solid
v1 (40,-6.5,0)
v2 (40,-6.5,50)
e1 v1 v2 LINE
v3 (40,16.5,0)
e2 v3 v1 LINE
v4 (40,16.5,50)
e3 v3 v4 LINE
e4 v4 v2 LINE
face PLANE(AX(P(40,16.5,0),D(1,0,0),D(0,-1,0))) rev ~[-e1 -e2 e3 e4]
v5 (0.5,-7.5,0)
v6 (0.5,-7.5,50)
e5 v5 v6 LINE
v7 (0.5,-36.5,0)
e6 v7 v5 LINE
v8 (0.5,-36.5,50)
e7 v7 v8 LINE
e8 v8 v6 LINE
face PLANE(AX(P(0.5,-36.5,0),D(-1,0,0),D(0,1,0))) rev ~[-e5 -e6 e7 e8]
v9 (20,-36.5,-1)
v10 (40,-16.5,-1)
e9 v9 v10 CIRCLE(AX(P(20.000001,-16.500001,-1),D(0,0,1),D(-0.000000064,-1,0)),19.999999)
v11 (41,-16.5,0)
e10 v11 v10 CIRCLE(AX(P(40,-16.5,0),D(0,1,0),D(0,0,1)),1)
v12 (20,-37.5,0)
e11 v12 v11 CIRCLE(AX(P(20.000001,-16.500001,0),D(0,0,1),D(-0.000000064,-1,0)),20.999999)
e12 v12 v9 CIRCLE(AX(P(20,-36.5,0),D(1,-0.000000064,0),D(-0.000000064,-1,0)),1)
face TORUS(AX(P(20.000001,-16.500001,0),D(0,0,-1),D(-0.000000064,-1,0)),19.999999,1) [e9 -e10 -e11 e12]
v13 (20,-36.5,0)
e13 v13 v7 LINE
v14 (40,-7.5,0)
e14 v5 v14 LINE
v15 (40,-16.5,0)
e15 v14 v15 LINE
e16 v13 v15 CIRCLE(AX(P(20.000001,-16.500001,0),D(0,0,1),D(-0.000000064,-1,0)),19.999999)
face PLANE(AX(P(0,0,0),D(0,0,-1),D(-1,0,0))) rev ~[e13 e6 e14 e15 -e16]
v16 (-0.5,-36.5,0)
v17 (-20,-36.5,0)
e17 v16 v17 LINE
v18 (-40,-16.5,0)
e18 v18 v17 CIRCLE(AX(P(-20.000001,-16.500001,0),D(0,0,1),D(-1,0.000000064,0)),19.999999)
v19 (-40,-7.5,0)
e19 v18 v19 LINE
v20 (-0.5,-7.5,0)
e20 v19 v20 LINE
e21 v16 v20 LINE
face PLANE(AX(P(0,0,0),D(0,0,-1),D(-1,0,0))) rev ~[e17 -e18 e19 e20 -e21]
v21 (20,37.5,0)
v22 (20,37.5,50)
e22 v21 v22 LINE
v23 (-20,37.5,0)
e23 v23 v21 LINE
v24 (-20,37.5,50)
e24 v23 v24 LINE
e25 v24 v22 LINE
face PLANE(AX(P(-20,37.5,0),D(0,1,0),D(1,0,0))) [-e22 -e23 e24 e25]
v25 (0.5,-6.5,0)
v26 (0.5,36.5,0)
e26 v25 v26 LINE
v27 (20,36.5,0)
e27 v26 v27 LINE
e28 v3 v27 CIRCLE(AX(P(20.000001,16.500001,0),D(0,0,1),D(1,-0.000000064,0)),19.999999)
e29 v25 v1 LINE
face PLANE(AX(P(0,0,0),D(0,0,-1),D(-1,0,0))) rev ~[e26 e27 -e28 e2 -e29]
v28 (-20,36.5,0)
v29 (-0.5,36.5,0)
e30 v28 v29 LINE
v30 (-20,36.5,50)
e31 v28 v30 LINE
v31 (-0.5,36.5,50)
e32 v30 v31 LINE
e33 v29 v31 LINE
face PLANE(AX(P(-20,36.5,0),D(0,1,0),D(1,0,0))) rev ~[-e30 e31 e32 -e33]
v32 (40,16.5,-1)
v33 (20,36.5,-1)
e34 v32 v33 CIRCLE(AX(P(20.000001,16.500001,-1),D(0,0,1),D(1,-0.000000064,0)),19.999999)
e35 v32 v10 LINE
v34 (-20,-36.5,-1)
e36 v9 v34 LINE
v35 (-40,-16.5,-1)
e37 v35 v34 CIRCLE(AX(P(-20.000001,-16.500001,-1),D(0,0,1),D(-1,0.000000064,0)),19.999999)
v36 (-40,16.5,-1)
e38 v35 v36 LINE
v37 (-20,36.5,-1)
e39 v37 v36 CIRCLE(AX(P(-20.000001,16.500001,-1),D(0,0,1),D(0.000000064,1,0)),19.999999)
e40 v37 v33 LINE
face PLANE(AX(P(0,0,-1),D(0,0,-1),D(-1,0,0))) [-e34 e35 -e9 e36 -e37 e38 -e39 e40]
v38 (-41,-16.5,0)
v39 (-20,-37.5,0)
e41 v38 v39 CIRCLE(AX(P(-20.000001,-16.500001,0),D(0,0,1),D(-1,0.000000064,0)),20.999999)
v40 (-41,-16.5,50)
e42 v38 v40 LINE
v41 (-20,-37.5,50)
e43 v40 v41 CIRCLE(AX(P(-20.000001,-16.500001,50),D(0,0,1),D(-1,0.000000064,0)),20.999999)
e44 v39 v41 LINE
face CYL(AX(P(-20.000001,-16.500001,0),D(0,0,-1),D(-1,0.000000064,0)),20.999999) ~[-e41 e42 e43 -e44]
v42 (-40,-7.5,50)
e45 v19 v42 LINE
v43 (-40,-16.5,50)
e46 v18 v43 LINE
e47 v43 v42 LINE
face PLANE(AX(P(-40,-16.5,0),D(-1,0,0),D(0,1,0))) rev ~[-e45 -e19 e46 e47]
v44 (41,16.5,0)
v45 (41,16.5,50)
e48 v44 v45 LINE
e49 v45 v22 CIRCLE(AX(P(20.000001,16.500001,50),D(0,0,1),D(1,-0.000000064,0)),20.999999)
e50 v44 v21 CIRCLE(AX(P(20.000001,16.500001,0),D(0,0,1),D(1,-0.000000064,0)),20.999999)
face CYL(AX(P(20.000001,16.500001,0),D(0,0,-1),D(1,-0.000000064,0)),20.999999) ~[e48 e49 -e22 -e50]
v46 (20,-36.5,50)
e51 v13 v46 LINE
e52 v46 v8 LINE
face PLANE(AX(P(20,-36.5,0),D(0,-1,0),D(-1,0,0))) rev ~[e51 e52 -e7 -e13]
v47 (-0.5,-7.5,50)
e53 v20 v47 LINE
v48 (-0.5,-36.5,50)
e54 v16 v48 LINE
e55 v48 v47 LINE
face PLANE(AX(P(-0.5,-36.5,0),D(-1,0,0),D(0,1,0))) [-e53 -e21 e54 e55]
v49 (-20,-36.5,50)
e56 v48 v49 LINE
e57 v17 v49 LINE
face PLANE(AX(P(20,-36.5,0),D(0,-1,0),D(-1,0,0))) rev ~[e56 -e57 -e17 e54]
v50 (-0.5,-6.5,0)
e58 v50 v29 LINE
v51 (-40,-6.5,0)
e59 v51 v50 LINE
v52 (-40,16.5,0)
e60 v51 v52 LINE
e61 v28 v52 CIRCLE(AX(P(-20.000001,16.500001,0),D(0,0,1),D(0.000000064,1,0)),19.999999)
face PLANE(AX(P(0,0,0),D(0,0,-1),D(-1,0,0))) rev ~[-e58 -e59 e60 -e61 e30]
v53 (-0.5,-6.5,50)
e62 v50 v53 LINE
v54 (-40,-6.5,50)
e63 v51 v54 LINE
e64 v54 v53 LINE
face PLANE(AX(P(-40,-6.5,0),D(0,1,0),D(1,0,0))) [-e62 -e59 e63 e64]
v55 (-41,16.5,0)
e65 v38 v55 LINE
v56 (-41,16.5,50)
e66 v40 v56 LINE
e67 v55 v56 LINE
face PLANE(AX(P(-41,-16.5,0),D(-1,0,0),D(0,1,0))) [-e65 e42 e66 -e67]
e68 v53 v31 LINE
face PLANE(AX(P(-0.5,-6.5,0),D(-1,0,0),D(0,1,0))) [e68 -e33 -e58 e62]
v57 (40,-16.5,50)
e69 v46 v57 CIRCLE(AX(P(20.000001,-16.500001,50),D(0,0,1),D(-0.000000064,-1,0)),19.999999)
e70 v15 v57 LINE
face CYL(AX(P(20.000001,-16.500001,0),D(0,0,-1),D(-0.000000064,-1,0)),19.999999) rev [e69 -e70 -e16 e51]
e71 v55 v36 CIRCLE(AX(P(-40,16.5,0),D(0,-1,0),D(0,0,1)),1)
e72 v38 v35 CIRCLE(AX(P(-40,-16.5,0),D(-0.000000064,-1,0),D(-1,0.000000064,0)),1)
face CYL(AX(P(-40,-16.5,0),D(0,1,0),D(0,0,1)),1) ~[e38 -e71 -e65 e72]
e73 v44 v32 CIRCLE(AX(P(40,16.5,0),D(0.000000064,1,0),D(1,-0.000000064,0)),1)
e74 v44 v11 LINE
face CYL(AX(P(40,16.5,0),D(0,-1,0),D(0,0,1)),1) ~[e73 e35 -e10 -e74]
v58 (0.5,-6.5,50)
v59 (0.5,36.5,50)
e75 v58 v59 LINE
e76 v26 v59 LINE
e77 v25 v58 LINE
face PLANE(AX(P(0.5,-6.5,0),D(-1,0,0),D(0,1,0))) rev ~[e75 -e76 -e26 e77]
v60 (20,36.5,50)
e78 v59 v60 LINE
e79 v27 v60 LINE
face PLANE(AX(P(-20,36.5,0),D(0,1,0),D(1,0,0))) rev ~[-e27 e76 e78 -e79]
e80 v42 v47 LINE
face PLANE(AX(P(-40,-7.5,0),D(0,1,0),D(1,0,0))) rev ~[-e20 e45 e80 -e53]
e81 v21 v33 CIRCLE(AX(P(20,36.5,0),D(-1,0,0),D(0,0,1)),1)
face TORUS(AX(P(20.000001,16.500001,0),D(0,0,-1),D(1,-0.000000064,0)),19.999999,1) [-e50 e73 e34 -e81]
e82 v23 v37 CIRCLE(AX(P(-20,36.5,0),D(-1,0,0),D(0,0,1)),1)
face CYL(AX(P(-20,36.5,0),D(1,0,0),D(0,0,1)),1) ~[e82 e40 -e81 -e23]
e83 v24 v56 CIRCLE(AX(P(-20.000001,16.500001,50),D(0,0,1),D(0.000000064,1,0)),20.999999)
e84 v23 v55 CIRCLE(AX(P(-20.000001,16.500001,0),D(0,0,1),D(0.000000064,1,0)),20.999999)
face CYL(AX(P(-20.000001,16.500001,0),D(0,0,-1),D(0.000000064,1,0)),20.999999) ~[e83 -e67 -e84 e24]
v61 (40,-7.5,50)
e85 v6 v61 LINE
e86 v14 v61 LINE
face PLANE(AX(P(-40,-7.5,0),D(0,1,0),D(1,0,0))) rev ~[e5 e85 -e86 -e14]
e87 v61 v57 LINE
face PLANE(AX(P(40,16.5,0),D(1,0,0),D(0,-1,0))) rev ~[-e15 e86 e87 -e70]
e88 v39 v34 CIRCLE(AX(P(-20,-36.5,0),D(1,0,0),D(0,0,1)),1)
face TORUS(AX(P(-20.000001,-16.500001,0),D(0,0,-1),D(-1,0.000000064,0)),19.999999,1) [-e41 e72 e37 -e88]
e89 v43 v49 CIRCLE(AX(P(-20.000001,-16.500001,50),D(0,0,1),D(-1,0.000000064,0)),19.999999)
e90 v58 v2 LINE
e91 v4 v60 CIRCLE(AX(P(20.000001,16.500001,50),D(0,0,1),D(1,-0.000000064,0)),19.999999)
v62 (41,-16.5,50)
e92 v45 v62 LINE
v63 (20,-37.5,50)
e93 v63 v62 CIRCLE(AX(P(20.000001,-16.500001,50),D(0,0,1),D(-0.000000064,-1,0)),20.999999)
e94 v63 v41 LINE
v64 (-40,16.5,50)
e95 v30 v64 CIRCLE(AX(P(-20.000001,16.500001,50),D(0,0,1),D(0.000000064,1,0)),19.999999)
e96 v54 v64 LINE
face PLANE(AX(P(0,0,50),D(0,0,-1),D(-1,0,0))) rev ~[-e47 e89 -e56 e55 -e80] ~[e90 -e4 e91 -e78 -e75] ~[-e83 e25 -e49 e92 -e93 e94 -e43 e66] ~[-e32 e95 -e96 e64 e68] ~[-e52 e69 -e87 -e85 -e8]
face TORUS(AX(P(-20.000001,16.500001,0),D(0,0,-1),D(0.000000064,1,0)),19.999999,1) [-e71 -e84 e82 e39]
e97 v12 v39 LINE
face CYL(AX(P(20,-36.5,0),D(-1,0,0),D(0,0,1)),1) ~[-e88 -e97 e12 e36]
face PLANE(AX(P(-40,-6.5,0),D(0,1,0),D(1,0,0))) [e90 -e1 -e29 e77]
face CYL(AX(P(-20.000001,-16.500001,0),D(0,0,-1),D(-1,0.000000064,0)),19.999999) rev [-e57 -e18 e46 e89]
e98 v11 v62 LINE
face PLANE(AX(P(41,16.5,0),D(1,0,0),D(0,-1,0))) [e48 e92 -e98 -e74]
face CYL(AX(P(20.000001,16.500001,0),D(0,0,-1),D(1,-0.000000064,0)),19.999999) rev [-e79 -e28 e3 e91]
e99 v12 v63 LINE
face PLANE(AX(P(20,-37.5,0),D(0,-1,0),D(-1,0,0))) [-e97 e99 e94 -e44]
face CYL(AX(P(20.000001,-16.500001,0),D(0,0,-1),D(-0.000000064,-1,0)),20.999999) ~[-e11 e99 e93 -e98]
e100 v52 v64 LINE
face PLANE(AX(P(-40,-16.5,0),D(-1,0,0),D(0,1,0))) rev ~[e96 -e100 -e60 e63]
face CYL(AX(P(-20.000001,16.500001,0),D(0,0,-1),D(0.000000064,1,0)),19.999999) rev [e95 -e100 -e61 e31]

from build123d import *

# Parameters (mm, degrees)
PAD_DEPTH    = 50
THICKNESS_T  = 1
SKETCH001_W  = 80
SKETCH001_H  = 1
PAD001_DEPTH = 50
SKETCH002_W  = 1
SKETCH002_H  = 29
PAD002_DEPTH = 50
SKETCH003_W  = 1
SKETCH003_H  = 43
PAD003_DEPTH = 50


with BuildPart() as part:
    # Sketch → Pad (new body)
    with BuildSketch(Plane.XY):
        with BuildLine():
            Line((-20, 36.5), (20, 36.5))
            ThreePointArc((40, 16.5), (34.142136, 30.642136), (20, 36.5))
            Line((40, 16.5), (40, -16.5))
            ThreePointArc((20, -36.5), (34.142136, -30.642136), (40, -16.5))
            Line((20, -36.5), (-20, -36.5))
            ThreePointArc((-40, -16.5), (-34.142136, -30.642136), (-20, -36.5))
            Line((-40, -16.5), (-40, 16.5))
            ThreePointArc((-20, 36.5), (-34.142136, 30.642136), (-40, 16.5))
        make_face()
    extrude(amount=PAD_DEPTH)

    # Thickness
    thickness_openings = [part.faces().sort_by_distance(p)[0] for p in [
        (0, 0, 50),
    ]]
    offset(amount=THICKNESS_T, openings=thickness_openings)

    # Sketch001 (on Face9 of Thickness) → Pad001 (join)
    with BuildSketch(Plane.XY):
        with Locations((0, -7)):
            Rectangle(SKETCH001_W, SKETCH001_H)
    extrude(amount=PAD001_DEPTH)

    # Sketch002 (on Face24 of Pad001) → Pad002 (join)
    with BuildSketch(Plane.XY):
        with Locations((0, -22)):
            Rectangle(SKETCH002_W, SKETCH002_H)
    extrude(amount=PAD002_DEPTH)

    # Sketch003 (on Face4 of Pad002) → Pad003 (join)
    with BuildSketch(Plane.XY):
        with Locations((0, 15)):
            Rectangle(SKETCH003_W, SKETCH003_H)
    extrude(amount=PAD003_DEPTH)


solid = part.part
